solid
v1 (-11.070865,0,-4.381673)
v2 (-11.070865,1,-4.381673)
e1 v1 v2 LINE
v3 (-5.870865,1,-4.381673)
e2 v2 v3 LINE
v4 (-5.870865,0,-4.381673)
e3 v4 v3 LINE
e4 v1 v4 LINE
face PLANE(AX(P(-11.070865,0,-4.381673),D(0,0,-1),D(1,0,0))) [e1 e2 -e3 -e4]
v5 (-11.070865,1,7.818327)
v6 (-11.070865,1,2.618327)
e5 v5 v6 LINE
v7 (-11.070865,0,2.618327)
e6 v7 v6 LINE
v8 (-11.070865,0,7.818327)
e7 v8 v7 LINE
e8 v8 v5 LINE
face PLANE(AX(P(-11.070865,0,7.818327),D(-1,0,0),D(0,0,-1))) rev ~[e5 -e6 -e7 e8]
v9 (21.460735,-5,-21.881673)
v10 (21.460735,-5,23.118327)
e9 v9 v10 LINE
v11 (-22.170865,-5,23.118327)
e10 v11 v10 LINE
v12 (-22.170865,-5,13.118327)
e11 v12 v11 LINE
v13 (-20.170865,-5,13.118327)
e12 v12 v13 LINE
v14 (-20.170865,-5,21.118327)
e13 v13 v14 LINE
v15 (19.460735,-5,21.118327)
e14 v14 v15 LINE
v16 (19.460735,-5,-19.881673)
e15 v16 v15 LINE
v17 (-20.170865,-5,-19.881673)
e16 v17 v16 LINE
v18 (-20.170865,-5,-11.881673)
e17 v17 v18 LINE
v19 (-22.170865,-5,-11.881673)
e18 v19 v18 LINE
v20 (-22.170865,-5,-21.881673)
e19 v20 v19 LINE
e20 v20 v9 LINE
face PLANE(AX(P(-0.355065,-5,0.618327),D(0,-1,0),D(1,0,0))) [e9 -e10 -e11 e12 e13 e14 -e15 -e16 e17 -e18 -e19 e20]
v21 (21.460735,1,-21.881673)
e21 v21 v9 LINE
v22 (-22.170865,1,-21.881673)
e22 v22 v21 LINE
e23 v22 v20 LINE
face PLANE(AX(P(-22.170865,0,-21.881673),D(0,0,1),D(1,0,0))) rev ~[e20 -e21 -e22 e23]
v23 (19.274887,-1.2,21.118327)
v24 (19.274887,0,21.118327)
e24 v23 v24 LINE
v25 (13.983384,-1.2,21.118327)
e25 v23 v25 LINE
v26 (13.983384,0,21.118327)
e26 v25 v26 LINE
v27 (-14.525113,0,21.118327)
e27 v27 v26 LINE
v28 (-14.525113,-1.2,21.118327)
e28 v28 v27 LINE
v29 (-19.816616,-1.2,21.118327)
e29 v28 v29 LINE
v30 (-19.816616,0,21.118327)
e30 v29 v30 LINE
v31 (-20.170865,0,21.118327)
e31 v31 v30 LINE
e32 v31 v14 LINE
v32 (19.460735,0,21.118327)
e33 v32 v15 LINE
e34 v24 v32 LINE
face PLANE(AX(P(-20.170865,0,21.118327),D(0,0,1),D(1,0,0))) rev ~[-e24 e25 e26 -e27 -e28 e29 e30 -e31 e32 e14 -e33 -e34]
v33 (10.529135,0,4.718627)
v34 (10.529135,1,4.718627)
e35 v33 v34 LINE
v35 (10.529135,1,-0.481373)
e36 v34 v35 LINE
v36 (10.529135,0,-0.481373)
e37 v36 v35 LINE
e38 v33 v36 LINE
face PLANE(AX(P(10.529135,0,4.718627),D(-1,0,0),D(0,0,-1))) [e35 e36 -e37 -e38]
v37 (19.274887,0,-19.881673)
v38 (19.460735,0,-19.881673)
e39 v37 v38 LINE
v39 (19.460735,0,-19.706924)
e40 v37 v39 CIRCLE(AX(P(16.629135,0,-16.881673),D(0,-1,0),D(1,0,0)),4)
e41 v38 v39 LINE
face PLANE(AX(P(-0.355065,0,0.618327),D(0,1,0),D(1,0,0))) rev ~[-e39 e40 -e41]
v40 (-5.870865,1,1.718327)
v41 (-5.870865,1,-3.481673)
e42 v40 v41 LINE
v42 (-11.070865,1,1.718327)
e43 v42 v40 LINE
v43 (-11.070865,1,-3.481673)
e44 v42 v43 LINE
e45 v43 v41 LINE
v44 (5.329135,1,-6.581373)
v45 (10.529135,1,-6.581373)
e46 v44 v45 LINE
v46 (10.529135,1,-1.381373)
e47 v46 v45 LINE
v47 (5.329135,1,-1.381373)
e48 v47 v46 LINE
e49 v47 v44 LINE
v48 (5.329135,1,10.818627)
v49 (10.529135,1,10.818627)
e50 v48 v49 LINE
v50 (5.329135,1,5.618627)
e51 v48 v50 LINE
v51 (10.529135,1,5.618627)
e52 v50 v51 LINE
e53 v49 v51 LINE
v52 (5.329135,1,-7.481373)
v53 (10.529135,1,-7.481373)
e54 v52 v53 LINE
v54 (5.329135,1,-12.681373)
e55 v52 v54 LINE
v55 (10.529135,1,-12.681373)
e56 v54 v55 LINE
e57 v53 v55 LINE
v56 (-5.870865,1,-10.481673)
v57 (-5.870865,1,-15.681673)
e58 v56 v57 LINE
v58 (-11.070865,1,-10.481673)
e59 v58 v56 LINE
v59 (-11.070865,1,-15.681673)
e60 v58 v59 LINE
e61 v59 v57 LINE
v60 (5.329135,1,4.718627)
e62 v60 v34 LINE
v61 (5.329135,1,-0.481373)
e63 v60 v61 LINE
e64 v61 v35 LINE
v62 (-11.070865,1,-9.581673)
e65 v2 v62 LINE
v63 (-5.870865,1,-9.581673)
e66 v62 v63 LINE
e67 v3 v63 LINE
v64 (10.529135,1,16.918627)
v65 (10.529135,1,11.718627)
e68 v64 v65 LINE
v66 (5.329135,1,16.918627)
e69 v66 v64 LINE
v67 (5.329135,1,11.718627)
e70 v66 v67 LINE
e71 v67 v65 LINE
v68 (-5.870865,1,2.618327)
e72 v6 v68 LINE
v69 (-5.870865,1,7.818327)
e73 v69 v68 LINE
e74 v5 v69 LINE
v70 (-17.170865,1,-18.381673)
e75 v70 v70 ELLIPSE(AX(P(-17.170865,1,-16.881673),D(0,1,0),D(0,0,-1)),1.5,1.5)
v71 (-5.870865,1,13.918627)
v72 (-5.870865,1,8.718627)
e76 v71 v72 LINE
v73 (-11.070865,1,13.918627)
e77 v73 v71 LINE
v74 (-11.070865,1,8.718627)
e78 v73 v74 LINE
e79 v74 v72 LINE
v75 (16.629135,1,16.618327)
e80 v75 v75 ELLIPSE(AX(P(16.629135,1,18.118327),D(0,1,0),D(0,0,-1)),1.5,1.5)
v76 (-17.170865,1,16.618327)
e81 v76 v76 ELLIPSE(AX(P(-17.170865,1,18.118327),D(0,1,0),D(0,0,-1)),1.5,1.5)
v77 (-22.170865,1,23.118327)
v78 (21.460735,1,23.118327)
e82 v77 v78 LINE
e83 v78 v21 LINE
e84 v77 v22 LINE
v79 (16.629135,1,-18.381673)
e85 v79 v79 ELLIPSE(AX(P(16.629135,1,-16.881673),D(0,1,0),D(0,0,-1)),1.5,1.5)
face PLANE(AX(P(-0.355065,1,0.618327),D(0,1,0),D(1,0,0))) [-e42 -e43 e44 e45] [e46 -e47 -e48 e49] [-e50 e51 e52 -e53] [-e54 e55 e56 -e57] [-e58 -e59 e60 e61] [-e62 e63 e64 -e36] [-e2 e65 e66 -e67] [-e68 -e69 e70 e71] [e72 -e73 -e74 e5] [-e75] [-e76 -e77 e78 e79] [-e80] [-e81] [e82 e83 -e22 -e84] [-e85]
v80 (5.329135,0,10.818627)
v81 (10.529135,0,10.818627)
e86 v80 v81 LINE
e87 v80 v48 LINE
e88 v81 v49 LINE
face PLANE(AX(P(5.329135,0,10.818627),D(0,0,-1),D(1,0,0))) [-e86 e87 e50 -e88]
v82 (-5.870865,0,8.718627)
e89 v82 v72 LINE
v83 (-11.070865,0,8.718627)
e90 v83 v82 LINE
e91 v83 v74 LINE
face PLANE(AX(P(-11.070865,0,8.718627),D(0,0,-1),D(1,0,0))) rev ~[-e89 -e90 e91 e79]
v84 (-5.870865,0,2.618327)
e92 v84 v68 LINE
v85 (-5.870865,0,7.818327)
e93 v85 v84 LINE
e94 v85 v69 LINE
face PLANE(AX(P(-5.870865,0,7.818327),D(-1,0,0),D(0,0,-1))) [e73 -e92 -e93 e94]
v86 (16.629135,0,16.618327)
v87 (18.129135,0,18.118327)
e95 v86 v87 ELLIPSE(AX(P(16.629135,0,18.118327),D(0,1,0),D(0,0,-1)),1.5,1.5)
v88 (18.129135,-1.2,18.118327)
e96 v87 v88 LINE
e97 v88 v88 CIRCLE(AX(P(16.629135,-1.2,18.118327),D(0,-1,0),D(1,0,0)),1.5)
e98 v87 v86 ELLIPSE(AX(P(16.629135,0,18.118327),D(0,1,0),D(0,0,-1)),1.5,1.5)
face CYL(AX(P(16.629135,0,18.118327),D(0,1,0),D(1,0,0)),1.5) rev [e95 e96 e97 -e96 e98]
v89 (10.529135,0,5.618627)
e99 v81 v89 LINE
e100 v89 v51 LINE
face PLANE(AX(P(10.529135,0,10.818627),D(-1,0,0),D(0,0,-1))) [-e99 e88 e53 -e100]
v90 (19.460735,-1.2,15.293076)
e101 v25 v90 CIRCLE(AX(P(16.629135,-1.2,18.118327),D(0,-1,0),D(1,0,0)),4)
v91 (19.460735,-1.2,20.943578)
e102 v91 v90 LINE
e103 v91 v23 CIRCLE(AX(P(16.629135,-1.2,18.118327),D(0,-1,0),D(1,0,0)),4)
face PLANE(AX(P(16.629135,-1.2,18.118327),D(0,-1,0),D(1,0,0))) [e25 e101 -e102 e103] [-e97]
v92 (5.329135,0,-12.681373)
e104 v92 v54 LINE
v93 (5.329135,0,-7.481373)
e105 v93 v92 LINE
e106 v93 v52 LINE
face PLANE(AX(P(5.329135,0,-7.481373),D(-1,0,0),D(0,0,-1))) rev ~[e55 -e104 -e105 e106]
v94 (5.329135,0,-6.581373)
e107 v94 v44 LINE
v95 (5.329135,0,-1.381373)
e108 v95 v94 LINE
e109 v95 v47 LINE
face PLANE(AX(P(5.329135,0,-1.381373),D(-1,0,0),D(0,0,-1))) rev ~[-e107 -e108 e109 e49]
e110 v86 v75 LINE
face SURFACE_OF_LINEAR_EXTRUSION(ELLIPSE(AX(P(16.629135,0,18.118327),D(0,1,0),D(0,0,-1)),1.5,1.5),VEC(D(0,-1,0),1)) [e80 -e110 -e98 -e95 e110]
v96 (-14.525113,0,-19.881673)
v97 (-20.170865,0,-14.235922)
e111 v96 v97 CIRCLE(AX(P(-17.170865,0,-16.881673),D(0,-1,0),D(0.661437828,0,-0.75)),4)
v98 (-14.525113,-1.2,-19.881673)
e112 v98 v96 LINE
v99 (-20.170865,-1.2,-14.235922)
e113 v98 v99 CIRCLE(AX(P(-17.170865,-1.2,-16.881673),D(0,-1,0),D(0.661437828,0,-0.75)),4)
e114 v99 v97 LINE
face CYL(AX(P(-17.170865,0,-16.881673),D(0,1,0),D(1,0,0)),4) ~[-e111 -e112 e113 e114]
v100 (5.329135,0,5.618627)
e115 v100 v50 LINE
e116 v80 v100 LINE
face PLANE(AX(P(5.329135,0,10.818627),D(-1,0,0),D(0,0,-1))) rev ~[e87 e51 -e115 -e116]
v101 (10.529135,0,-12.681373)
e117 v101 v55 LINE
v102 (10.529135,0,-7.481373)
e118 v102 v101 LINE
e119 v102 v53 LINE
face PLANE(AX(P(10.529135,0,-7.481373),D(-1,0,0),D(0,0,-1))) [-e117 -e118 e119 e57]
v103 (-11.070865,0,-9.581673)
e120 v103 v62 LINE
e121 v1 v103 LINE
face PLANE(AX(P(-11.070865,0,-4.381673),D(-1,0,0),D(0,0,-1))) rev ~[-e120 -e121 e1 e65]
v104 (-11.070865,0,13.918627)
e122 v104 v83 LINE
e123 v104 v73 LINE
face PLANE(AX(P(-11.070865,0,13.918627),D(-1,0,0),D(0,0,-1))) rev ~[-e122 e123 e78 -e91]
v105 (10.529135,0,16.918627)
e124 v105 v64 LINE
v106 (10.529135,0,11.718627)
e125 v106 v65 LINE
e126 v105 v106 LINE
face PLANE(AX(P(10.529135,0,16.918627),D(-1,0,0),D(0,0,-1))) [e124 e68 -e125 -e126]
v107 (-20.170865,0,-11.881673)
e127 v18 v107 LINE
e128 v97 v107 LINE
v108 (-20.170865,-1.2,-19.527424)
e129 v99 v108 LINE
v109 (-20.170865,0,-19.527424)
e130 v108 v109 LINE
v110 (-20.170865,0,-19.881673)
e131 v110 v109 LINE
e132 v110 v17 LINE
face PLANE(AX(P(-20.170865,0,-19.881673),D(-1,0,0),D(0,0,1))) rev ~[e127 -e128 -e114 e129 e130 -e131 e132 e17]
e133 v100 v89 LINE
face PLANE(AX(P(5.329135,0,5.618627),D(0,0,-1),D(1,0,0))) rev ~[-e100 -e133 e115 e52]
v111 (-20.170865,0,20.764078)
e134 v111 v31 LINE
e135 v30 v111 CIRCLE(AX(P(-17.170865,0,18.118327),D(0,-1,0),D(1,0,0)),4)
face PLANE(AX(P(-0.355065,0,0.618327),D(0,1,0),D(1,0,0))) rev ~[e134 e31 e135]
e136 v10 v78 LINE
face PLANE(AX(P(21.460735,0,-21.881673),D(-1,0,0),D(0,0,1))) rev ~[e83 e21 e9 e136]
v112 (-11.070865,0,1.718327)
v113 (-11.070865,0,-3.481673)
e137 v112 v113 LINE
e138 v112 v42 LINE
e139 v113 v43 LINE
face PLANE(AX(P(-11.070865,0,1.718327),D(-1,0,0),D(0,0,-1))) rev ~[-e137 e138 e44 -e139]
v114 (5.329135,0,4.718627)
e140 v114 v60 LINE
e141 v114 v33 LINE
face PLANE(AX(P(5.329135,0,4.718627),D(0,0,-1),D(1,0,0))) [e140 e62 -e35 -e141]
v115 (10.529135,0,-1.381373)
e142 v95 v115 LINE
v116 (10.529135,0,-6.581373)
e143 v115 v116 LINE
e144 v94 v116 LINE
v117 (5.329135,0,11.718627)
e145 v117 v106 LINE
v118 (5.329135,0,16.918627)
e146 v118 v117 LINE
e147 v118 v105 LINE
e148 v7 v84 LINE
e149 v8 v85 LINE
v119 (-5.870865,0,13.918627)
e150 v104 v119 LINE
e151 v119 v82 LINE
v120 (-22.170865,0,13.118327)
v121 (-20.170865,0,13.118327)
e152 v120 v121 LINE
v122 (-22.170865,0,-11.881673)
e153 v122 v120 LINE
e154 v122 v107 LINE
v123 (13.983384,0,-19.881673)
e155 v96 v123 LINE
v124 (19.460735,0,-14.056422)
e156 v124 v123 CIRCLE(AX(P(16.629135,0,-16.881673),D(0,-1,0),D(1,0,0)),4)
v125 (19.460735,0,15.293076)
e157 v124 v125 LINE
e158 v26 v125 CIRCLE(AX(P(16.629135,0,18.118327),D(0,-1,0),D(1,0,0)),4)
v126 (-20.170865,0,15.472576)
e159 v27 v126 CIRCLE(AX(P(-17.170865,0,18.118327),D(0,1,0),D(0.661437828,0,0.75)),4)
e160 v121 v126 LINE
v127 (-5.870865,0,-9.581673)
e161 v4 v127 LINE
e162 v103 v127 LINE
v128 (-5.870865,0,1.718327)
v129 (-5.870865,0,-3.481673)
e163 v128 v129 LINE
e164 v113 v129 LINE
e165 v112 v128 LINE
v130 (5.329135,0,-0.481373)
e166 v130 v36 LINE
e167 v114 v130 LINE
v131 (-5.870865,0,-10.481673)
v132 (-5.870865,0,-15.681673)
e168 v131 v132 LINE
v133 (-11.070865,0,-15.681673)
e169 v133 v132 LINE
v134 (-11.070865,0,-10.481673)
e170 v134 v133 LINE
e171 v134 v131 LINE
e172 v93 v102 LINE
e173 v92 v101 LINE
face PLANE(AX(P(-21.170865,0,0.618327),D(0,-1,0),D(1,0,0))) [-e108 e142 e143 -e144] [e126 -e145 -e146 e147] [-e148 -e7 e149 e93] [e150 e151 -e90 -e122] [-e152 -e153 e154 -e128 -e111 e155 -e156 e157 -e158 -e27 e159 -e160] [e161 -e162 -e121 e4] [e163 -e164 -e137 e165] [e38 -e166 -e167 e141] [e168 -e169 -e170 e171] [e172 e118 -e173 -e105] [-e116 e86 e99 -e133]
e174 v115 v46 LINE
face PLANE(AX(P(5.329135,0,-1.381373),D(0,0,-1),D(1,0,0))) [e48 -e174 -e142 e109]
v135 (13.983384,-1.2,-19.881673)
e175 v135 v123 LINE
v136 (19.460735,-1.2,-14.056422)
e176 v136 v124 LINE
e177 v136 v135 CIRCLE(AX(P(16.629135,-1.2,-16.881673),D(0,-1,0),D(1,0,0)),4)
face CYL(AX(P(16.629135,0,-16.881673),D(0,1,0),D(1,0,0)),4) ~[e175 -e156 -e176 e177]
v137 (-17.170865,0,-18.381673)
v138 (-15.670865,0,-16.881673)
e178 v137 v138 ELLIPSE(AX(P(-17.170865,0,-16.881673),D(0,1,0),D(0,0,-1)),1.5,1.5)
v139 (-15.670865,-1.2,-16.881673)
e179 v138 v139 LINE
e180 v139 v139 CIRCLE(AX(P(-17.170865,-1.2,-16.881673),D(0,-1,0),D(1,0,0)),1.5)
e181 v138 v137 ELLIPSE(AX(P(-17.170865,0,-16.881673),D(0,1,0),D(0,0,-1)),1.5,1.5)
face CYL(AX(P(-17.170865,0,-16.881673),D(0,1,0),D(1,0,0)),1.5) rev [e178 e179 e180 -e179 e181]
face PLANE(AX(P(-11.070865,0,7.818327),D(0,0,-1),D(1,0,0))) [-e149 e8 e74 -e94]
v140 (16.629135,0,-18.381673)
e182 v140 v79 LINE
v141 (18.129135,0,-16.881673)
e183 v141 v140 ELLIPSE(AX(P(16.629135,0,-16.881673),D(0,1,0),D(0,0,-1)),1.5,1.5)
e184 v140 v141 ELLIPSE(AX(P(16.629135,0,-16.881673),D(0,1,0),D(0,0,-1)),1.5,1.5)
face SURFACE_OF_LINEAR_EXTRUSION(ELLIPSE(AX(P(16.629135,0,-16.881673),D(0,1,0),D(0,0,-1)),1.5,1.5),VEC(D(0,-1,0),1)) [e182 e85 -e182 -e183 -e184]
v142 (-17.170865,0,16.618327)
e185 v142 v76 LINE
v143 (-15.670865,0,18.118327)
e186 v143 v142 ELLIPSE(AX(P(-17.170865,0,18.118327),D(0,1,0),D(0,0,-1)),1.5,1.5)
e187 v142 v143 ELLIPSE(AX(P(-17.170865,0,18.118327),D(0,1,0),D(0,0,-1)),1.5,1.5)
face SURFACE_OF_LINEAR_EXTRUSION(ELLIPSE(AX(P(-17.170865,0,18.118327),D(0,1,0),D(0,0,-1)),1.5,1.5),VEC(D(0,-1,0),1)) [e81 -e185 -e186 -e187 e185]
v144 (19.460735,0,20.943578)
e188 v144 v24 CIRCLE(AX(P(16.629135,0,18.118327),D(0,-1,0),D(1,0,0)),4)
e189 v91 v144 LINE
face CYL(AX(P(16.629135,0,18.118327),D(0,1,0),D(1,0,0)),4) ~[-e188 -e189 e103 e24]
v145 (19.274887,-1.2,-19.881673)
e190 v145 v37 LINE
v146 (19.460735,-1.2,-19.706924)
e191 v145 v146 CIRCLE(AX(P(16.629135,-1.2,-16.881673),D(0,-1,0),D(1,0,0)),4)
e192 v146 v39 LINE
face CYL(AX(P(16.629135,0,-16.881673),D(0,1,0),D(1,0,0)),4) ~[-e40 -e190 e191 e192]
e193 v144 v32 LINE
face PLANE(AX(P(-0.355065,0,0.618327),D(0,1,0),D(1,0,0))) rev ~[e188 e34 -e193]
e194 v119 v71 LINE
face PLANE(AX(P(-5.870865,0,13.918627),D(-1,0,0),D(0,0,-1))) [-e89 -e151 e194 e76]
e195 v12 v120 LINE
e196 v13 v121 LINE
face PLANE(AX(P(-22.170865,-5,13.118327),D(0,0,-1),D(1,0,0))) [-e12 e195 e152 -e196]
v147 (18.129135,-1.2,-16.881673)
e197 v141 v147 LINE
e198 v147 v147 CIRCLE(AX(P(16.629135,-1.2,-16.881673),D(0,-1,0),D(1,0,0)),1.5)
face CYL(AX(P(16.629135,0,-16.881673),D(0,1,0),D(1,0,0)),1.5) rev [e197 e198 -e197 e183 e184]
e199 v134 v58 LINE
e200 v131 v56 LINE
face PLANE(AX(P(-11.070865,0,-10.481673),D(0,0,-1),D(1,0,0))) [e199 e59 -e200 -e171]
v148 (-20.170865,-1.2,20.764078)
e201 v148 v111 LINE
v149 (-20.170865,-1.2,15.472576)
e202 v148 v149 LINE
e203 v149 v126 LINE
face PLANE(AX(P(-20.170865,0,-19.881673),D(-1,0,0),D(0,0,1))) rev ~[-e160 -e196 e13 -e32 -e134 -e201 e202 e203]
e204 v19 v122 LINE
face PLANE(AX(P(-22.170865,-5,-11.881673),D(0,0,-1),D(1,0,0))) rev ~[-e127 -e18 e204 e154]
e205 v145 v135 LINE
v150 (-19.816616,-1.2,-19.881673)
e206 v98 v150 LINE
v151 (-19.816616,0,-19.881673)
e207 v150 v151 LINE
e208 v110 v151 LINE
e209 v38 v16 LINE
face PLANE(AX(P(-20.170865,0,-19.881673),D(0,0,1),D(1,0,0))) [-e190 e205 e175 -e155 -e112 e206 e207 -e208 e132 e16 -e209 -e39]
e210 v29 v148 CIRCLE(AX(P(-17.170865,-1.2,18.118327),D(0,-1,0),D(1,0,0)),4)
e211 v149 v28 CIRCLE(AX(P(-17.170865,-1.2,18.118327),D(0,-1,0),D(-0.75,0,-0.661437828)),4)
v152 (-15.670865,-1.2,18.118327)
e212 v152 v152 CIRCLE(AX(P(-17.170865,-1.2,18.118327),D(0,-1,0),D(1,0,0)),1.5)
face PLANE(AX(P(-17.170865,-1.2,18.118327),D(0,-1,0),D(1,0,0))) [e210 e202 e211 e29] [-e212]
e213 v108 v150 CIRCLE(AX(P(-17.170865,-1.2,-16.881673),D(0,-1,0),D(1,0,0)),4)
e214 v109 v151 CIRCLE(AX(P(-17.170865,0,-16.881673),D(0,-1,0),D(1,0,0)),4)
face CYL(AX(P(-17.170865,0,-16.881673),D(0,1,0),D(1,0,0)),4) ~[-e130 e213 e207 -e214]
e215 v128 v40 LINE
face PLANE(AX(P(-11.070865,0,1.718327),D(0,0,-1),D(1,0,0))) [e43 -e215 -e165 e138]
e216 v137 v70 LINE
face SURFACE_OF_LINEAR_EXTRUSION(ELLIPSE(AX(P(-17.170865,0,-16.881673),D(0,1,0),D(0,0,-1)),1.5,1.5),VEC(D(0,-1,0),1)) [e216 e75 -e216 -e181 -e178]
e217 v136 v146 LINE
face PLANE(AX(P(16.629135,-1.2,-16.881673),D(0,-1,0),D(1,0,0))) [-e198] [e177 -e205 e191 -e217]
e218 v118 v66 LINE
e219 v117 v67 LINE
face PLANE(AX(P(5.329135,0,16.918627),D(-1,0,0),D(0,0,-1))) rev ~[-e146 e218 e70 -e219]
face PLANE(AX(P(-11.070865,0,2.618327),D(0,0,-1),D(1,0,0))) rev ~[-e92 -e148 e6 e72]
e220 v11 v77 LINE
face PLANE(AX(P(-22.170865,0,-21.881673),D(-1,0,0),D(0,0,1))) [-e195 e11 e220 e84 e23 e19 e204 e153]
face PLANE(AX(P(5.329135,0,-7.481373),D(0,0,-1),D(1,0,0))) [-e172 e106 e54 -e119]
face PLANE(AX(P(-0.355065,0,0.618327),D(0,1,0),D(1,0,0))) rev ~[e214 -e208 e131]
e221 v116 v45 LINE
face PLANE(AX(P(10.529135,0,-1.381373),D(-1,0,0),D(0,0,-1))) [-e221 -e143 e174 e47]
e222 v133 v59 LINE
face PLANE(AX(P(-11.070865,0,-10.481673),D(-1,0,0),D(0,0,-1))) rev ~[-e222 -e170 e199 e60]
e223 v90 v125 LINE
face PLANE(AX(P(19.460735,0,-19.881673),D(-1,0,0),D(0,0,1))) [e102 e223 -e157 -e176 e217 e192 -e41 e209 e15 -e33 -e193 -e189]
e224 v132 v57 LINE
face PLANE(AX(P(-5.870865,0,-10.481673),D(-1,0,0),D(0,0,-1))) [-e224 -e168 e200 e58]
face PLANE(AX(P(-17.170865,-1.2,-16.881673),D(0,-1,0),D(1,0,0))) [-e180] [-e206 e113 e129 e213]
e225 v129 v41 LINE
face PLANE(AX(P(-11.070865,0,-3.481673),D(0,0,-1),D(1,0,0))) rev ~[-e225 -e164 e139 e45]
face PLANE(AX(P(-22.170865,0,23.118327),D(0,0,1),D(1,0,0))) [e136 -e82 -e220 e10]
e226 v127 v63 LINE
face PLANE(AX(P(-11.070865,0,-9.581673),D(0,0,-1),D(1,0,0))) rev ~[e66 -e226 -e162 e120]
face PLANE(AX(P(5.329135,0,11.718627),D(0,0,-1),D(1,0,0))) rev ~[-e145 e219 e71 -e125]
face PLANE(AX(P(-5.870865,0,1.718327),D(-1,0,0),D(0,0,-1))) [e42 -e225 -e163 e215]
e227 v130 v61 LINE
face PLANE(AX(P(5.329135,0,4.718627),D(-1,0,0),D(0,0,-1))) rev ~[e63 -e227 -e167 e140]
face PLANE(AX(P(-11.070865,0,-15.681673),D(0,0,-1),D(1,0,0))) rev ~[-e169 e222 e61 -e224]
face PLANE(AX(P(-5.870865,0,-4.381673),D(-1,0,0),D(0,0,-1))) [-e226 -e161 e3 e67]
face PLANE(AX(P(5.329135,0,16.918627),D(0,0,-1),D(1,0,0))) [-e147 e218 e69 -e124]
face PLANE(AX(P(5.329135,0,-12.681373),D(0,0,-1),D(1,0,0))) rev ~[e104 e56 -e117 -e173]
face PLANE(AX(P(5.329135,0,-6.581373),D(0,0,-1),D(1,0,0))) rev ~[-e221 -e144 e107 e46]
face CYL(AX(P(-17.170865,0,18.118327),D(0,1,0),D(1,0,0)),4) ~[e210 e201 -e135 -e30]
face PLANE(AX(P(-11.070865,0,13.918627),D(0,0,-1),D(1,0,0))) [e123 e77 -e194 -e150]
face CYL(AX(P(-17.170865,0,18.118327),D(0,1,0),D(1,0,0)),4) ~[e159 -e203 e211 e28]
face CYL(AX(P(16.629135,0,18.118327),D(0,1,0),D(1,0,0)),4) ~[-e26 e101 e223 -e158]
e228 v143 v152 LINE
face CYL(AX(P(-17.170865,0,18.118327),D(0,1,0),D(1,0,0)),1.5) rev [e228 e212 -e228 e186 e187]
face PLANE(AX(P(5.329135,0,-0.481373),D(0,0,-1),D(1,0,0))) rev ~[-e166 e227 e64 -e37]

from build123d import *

# Parameters (mm, degrees)
SKETCH_1_W          = 43.6316
SKETCH_1_H          = 45
SKETCH_1_RX         = 1.5
SKETCH_1_RY         = 1.5
SKETCH_1_W_2        = 5.2
SKETCH_1_H_2        = 5.2
EXTRUDE_1_DEPTH     = 1
SKETCH_3_R          = 4
SKETCH_3_R_2        = 1.5
EXTRUDE_3_DEPTH     = 1.2
SKETCH_4_W          = 43.6316
SKETCH_4_H          = 45
SKETCH_4_W_2        = 39.6316
SKETCH_4_H_2        = 41
EXTRUDE_4_DEPTH     = 5
SKETCH_5_W          = 2
SKETCH_5_H          = 25
CUT_EXTRUDE_1_DEPTH = 5


with BuildPart() as part:
    # Эскиз1 → Бобышка-Вытянуть1 (new body)
    with BuildSketch(Plane(origin=(0, 0, 0), x_dir=(1, 0, 0), z_dir=(0, 1, 0))):
        with Locations((-0.355064662, -0.618327068)):
            Rectangle(SKETCH_1_W, SKETCH_1_H)
        with Locations(Location((-17.170864662, 16.881672932), (0, 0, 90))):
            Ellipse(SKETCH_1_RX, SKETCH_1_RY, mode=Mode.SUBTRACT)
        with Locations(Location((-17.170864662, -18.118327068), (0, 0, 90))):
            Ellipse(SKETCH_1_RX, SKETCH_1_RY, mode=Mode.SUBTRACT)
        with Locations(Location((16.629135338, 16.881672932), (0, 0, 90))):
            Ellipse(SKETCH_1_RX, SKETCH_1_RY, mode=Mode.SUBTRACT)
        with Locations(Location((16.629135338, -18.118327068), (0, 0, 90))):
            Ellipse(SKETCH_1_RX, SKETCH_1_RY, mode=Mode.SUBTRACT)
        with Locations((-8.470864662, 13.081672932)):
            Rectangle(SKETCH_1_W_2, SKETCH_1_H_2, mode=Mode.SUBTRACT)
        with Locations((-8.470864662, 6.981672932)):
            Rectangle(SKETCH_1_W_2, SKETCH_1_H_2, mode=Mode.SUBTRACT)
        with Locations((-8.470864662, 0.881672932)):
            Rectangle(SKETCH_1_W_2, SKETCH_1_H_2, mode=Mode.SUBTRACT)
        with Locations((-8.470864662, -5.218327068)):
            Rectangle(SKETCH_1_W_2, SKETCH_1_H_2, mode=Mode.SUBTRACT)
        with Locations((-8.470864662, -11.318627068)):
            Rectangle(SKETCH_1_W_2, SKETCH_1_H_2, mode=Mode.SUBTRACT)
        with Locations((7.929135338, 10.081372932)):
            Rectangle(SKETCH_1_W_2, SKETCH_1_H_2, mode=Mode.SUBTRACT)
        with Locations((7.929135338, 3.981372932)):
            Rectangle(SKETCH_1_W_2, SKETCH_1_H_2, mode=Mode.SUBTRACT)
        with Locations((7.929135338, -2.118627068)):
            Rectangle(SKETCH_1_W_2, SKETCH_1_H_2, mode=Mode.SUBTRACT)
        with Locations((7.929135338, -8.218627068)):
            Rectangle(SKETCH_1_W_2, SKETCH_1_H_2, mode=Mode.SUBTRACT)
        with Locations((7.929135338, -14.318627068)):
            Rectangle(SKETCH_1_W_2, SKETCH_1_H_2, mode=Mode.SUBTRACT)
    extrude(amount=EXTRUDE_1_DEPTH)

    # Эскиз3 → Бобышка-Вытянуть3 (add)
    with BuildSketch(Plane.XZ):
        with Locations((-17.170864662, 18.118327068)):
            Circle(SKETCH_3_R)
        with Locations((-17.170864662, 18.118327068)):
            Circle(SKETCH_3_R_2, mode=Mode.SUBTRACT)
        with Locations((16.629135338, 18.118327068)):
            Circle(SKETCH_3_R)
        with Locations((16.629135338, 18.118327068)):
            Circle(SKETCH_3_R_2, mode=Mode.SUBTRACT)
        with Locations((-17.170864662, -16.881672932)):
            Circle(SKETCH_3_R)
        with Locations((-17.170864662, -16.881672932)):
            Circle(SKETCH_3_R_2, mode=Mode.SUBTRACT)
        with Locations((16.629135338, -16.881672932)):
            Circle(SKETCH_3_R)
        with Locations((16.629135338, -16.881672932)):
            Circle(SKETCH_3_R_2, mode=Mode.SUBTRACT)
    extrude(amount=EXTRUDE_3_DEPTH)

    # Эскиз4 → Бобышка-Вытянуть4 (add)
    with BuildSketch(Plane.XZ):
        with Locations((-0.355064662, 0.618327068)):
            Rectangle(SKETCH_4_W, SKETCH_4_H)
        with Locations((-0.355064662, 0.618327068)):
            Rectangle(SKETCH_4_W_2, SKETCH_4_H_2, mode=Mode.SUBTRACT)
    extrude(amount=EXTRUDE_4_DEPTH)

    # Эскиз5 → Вырез-Вытянуть1 (cut)
    with BuildSketch(Plane.XZ.offset(5)):
        with Locations((-21.170864662, 0.618327068)):
            Rectangle(SKETCH_5_W, SKETCH_5_H)
    extrude(amount=-CUT_EXTRUDE_1_DEPTH, mode=Mode.SUBTRACT)


solid = part.part
